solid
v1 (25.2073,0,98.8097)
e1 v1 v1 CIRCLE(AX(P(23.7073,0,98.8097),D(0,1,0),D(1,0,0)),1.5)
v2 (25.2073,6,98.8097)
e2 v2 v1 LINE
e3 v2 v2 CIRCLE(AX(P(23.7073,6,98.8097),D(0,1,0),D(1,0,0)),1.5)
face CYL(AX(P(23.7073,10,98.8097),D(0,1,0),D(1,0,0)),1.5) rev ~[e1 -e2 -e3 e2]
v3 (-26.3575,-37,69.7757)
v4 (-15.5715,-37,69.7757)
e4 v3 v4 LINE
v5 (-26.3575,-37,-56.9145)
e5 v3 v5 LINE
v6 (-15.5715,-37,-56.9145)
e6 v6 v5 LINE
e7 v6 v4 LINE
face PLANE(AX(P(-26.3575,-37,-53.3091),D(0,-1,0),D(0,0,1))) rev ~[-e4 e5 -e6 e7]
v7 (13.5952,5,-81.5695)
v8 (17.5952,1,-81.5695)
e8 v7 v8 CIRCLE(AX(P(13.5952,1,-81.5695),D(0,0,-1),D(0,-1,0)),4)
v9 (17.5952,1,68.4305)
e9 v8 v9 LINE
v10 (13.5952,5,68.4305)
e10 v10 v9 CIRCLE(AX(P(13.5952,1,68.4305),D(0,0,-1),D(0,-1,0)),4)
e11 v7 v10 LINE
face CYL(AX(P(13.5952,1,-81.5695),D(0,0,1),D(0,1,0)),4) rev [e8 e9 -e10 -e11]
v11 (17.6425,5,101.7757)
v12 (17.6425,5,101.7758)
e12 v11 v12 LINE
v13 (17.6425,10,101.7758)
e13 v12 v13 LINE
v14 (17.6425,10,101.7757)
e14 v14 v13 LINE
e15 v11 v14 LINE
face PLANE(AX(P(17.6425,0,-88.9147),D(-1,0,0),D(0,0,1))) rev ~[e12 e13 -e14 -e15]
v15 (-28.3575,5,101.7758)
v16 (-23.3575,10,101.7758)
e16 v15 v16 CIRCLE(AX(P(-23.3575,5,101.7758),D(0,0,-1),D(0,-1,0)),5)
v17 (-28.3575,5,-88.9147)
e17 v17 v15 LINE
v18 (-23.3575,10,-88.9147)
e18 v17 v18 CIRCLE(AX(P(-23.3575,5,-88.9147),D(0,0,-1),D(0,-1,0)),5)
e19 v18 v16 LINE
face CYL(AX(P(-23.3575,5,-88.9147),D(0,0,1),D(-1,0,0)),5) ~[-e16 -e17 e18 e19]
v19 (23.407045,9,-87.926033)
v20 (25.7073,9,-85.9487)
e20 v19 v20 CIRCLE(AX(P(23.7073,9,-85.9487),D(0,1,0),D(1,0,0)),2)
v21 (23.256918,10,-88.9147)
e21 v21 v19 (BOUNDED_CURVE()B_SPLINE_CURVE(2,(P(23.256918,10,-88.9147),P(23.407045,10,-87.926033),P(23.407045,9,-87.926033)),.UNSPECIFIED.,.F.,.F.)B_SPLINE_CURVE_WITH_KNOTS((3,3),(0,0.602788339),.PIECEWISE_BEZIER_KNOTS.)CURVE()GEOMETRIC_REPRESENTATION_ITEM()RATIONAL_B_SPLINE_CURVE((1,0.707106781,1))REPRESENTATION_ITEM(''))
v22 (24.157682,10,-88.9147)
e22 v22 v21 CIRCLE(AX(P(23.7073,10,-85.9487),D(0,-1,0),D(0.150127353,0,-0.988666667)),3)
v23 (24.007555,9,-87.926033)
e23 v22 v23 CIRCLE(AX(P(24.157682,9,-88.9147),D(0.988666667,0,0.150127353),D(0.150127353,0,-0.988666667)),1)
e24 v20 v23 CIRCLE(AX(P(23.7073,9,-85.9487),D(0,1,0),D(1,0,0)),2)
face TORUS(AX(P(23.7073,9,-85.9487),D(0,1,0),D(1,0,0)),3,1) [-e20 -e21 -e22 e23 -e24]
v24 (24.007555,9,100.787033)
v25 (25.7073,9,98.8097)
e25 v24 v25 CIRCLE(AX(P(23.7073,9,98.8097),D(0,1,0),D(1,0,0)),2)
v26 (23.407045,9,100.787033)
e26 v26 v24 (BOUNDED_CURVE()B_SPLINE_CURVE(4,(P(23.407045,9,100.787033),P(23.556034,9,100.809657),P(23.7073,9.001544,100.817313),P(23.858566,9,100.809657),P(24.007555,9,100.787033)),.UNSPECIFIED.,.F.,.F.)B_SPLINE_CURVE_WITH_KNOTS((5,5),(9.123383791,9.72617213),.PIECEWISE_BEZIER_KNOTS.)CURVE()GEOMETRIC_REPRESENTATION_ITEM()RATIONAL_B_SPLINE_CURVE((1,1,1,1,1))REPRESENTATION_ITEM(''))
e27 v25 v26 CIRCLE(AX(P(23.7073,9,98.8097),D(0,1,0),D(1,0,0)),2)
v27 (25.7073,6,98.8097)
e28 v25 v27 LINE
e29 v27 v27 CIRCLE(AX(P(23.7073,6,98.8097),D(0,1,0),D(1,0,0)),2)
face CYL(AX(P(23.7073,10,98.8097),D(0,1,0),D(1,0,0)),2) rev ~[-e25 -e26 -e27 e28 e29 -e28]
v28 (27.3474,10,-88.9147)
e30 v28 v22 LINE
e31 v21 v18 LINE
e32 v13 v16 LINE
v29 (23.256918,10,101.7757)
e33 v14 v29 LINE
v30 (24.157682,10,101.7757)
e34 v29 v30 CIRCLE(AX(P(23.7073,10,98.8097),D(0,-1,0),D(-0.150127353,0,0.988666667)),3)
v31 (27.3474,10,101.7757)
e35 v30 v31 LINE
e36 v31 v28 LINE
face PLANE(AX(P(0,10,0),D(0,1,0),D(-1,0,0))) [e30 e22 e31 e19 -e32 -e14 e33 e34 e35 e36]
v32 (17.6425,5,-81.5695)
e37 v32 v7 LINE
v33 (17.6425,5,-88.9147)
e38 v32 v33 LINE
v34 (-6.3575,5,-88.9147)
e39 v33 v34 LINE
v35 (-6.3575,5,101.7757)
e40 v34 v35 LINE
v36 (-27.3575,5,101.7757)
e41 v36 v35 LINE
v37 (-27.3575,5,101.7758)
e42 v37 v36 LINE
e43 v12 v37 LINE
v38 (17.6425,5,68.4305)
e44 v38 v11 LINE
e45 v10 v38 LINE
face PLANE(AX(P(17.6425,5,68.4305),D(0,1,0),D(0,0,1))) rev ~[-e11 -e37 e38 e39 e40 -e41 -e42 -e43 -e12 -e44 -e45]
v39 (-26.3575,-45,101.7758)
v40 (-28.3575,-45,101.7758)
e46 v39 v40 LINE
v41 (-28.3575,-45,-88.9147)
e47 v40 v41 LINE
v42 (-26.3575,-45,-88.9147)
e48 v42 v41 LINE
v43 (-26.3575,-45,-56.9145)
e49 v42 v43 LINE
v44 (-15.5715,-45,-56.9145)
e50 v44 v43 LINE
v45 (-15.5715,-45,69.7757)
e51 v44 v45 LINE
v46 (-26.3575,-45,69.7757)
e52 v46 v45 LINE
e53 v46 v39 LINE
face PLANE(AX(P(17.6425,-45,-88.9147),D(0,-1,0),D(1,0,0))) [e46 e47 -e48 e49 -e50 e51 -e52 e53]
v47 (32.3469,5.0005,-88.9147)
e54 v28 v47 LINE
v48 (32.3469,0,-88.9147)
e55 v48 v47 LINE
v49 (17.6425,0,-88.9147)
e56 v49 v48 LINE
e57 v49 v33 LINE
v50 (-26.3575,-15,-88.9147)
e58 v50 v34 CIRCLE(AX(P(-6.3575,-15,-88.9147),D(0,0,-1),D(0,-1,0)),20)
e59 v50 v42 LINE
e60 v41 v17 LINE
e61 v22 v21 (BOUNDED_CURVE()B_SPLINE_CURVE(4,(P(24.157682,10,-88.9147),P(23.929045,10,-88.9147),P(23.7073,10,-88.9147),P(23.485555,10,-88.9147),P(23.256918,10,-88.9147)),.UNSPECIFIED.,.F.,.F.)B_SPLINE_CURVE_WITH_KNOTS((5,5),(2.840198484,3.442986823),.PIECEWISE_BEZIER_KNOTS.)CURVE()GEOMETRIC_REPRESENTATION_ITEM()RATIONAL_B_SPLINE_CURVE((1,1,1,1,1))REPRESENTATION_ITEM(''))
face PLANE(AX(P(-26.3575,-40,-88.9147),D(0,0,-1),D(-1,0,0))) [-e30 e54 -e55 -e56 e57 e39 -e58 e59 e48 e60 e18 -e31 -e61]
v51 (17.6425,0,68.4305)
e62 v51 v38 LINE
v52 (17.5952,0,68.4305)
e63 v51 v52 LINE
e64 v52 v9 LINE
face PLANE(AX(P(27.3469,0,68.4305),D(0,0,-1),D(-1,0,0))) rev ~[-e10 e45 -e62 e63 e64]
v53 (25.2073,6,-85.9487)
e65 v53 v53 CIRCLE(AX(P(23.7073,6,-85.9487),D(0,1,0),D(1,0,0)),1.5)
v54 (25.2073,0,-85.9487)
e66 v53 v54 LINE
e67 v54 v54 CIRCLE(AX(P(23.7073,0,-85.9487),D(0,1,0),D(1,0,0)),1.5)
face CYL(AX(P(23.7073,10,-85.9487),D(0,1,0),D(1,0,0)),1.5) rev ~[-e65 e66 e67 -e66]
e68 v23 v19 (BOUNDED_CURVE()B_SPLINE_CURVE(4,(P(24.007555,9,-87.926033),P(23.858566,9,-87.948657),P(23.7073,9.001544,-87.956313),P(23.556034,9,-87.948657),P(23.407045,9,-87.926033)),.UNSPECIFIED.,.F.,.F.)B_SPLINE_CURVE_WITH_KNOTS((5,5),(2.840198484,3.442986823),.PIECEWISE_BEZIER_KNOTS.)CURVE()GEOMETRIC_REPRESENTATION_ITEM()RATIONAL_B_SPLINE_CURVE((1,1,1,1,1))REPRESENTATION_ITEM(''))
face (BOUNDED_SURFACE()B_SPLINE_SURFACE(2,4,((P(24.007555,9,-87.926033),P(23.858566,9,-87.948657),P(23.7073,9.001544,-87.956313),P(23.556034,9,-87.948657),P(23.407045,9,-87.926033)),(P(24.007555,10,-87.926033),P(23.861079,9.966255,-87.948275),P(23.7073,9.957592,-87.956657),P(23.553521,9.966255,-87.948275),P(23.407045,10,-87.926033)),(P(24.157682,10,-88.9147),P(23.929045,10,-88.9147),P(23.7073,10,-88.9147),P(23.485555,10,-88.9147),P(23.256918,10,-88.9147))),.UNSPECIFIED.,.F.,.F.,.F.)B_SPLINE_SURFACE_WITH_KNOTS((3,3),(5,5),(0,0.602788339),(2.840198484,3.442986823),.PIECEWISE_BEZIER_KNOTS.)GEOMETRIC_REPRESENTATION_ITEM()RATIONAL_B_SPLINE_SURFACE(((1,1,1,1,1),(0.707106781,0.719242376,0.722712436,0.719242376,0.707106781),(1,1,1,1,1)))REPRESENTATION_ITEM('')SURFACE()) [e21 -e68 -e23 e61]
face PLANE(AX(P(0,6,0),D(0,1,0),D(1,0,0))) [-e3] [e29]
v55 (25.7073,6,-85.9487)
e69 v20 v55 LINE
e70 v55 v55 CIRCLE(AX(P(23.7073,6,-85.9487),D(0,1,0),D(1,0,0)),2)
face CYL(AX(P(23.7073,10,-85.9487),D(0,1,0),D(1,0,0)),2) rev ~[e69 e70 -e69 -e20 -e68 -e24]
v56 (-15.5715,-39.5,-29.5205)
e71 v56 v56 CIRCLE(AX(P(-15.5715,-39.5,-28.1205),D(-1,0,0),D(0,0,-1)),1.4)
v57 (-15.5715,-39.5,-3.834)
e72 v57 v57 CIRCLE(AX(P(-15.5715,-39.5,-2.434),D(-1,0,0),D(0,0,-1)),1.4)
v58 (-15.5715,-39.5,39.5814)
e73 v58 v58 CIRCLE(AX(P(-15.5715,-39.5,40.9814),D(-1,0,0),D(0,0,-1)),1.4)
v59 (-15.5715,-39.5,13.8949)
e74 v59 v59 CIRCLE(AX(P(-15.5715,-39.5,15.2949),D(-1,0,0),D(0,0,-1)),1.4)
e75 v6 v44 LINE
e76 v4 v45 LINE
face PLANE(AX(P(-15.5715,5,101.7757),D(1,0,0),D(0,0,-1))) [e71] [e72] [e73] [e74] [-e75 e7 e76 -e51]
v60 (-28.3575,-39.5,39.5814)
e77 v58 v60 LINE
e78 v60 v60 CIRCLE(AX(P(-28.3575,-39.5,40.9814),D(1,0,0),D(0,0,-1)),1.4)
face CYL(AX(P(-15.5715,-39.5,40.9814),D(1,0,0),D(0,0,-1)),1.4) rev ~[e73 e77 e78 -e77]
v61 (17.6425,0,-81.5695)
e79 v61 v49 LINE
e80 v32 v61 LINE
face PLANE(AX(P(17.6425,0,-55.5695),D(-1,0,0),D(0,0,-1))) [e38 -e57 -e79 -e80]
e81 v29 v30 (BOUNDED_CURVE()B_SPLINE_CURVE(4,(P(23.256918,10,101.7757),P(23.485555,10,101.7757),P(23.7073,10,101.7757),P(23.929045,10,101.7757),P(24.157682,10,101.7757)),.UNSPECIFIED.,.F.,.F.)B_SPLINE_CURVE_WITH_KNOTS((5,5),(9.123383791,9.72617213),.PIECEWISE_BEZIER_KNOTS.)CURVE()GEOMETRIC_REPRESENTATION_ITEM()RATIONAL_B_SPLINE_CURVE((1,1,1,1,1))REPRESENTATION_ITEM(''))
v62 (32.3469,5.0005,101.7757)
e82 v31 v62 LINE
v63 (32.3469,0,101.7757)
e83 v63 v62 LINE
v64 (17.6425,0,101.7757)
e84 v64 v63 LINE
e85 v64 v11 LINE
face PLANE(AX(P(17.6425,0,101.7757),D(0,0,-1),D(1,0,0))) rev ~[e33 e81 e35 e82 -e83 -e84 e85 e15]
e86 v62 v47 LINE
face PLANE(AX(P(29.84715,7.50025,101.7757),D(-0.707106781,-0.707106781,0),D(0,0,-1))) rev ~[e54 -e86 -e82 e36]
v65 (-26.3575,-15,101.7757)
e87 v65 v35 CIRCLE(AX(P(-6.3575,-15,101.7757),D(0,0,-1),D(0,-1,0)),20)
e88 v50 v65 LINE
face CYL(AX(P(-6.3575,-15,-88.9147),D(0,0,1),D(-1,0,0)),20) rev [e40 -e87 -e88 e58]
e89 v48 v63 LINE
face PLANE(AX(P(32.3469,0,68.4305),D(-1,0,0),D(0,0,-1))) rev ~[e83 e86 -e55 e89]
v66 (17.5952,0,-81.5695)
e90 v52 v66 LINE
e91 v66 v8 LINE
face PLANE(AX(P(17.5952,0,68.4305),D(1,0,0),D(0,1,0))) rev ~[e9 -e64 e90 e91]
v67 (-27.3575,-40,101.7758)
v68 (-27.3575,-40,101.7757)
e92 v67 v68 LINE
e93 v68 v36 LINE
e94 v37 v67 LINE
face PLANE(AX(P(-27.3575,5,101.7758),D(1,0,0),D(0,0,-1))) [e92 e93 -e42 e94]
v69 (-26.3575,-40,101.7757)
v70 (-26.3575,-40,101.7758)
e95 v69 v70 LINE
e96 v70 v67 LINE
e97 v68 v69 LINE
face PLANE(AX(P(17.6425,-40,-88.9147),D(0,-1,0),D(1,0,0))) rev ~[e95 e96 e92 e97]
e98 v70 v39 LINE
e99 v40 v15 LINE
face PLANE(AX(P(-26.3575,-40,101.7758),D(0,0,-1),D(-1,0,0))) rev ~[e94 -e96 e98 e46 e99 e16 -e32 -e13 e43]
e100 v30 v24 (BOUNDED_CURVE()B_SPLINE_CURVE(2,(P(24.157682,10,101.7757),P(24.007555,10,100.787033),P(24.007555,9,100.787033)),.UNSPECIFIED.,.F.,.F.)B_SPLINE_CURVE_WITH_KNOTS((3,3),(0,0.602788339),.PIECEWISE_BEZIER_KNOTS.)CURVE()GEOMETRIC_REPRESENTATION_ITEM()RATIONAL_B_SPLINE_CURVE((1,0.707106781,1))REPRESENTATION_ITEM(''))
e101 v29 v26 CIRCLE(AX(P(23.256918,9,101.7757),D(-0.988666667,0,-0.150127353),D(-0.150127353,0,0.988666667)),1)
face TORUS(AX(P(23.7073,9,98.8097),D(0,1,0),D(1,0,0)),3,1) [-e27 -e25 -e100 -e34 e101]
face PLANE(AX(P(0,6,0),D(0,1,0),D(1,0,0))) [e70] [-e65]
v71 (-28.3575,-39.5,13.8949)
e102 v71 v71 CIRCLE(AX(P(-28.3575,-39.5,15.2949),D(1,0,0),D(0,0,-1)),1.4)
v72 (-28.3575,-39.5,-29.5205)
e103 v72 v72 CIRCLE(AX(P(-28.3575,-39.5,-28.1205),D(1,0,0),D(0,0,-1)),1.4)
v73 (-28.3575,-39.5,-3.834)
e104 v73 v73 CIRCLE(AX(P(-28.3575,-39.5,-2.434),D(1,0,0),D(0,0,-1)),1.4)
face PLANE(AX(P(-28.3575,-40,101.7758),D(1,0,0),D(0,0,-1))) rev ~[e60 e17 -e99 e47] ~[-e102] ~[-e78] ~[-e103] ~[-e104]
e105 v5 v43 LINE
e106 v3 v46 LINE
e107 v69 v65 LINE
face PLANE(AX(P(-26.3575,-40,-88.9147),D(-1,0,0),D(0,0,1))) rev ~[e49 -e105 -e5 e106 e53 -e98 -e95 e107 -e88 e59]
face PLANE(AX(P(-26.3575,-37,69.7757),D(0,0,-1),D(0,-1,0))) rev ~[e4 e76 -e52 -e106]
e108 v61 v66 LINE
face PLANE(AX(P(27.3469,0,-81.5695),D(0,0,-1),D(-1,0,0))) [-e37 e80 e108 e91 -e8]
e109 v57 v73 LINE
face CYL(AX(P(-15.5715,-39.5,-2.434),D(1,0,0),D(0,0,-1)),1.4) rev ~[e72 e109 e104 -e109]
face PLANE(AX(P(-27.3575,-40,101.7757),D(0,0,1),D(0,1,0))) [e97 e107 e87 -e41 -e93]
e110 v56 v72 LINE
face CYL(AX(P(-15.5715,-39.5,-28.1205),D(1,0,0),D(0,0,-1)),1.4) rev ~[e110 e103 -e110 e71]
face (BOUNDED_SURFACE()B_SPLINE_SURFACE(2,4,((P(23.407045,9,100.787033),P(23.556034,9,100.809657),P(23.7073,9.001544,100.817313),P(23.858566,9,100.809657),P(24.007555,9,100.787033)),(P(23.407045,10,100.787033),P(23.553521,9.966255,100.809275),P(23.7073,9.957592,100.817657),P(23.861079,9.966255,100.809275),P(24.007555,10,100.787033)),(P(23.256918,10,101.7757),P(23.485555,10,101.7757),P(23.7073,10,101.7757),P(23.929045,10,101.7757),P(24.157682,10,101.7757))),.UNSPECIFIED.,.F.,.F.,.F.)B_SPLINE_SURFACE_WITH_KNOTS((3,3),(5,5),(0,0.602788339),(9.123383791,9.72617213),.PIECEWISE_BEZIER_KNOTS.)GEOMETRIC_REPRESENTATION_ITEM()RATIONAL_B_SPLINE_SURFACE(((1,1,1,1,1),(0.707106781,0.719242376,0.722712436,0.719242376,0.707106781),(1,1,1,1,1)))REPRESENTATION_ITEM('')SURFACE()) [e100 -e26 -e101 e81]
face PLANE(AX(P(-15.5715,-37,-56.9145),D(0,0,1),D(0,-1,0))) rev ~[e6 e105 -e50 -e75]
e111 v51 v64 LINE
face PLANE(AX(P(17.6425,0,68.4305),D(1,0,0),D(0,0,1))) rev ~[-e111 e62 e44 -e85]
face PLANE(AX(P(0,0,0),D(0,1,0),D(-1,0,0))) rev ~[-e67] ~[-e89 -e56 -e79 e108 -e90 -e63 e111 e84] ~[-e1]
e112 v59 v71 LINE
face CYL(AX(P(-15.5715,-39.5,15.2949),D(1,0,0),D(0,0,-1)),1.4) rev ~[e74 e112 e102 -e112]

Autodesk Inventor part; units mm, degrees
ref_plane "YZ Plane" through (0, 0, 0) normal (1, 0, 0) x (0, 1, 0)
ref_plane "XZ Plane" through (0, 0, 0) normal (0, 1, 0) x (-1, 0, 0)
ref_plane "XY Plane" through (0, 0, 0) normal (0, 0, 1) x (1, 0, 0)
sketch "Sketch1" plane through (0, 0, 0) normal (0, 1, 0) x (-1, 0, 0)
  line L0 (-32.3469, 68.4305) -> (-32.3469, -55.5695)
  line L1 (-17.6425, -88.9147) -> (-32.3469, -88.9147)
  line L2 (-32.3469, -88.9147) -> (-32.3469, -55.5695)
  line L3 (-32.3469, -55.5695) -> (-17.6425, -55.5695)
  line L4 (-17.6425, -55.5695) -> (-17.6425, -88.9147)
  line L5 (-27.3469, -55.5695) -> (-27.3469, 68.4305)
  line L6 (-32.3469, -55.5695) -> (-27.3469, -55.5695)
  line L7 (-27.3469, -55.5695) -> (-27.3469, 68.4305)
  line L8 (-27.3469, 68.4305) -> (-32.3469, 68.4305)
  line L9 (-32.3469, 68.4305) -> (-32.3469, -55.5695)
  line L10 (-32.3469, 68.4305) -> (-17.6425, 68.4305)
  line L11 (-17.6425, 68.4305) -> (-17.6425, 101.7757)
  line L12 (-17.6425, 101.7757) -> (-32.3469, 101.7757)
  line L13 (-32.3469, 101.7757) -> (-32.3469, 68.4305)
  point P0 (0, 0)
  point P1 (25.2053, -93.5695)
extrude "Extrusion1" add sketch "Sketch1" along normal blind 10
chamfer "Chamfer1" distance 5 angle 45 1 edges at (32.3469, 10, 6.4305)
sketch "Sketch2" plane through (17.6425, 0, -88.9147) normal (-1, 0, 0) x (0, 0, 1)
  line L0 (0, 0) -> (0, 10) projected
  line L1 (33.3452, 0) -> (33.3452, 10) projected
  line L2 (0, 10) -> (33.3452, 10)
  line L3 (33.3452, 10) -> (33.3452, 5)
  line L4 (33.3452, 5) -> (0, 5)
  line L5 (0, 5) -> (0, 10)
  line L6 (157.3452, 10) -> (190.6905, 10) projected
  line L7 (157.3452, 0) -> (157.3452, 10) projected
  line L8 (190.6905, 10) -> (157.3452, 10)
  line L9 (157.3452, 10) -> (157.3452, 5)
  line L10 (157.3452, 5) -> (190.6905, 5)
  line L11 (190.6905, 5) -> (190.6905, 10)
  point P0 (88.9147, 0)
  dimension "d5" = 5
extrude "Extrusion2" add sketch "Sketch2" along normal blind 46
sketch "Sketch3" plane through (17.6425, 5, -88.9147) normal (0, -1, 0) x (1, 0, 0)
  line L0 (9.7044, 0) -> (-46, 0) projected
  line L1 (9.7044, 33.3452) -> (-46, 33.3452) projected
  line L2 (-46, 0) -> (-44, 0)
  line L3 (-44, 0) -> (-44, 33.3452)
  line L4 (-44, 33.3452) -> (-46, 33.3452)
  line L5 (-46, 33.3452) -> (-46, 0)
  line L6 (9.7044, 190.6905) -> (-46, 190.6905) projected
  line L7 (9.7044, 157.3452) -> (-46, 157.3452) projected
  line L8 (-46, 190.6905) -> (-45, 190.6905)
  line L9 (-45, 190.6905) -> (-45, 157.3452)
  line L10 (-45, 157.3452) -> (-46, 157.3452)
  line L11 (-46, 157.3452) -> (-46, 190.6905)
  point P0 (-17.6425, 88.9147)
  dimension "d8" = 2
extrude "Extrusion3" add sketch "Sketch3" along normal blind 45
sketch "Sketch4" plane through (27.3469, 0, 68.4305) normal (0, 0, -1) x (-1, 0, 0)
  line L0 (0, 10) -> (55.7044, 10) projected
  line L1 (0, 0) -> (9.7517, 0)
  line L2 (9.7517, 0) -> (9.7517, 10)
  line L3 (9.7517, 10) -> (0, 10)
  line L4 (0, 10) -> (0, 0)
  line L5 (9.7517, 5) -> (55.7044, 5)
  line L6 (55.7044, 5) -> (55.7044, 10)
  line L7 (55.7044, 10) -> (9.7517, 10)
  line L8 (9.7517, 10) -> (9.7517, 5)
  line L9 (54.7044, 5) -> (54.7044, -40) projected
  line L10 (55.7044, 5) -> (54.7044, 5)
  line L11 (54.7044, 5) -> (54.7044, -40)
  line L12 (54.7044, -40) -> (55.7044, -40)
  line L13 (55.7044, -40) -> (55.7044, 5)
  point P0 (27.3469, 0)
extrude "Extrusion4" add sketch "Sketch4" along normal blind 150
sketch "Sketch5" plane through (-27.3575, 5, 101.7757) normal (1, 0, 0) x (0, 0, -1)
  line L0 (0, 0) -> (157.3452, 0) projected
  line L1 (190.6905, -45) -> (157.3452, -45) projected
  line L2 (0, 0) -> (157.3452, 0)
  line L3 (157.3452, 0) -> (157.3452, -45)
  line L4 (157.3452, -45) -> (0, -45)
  line L5 (0, -45) -> (0, 0)
  point P0 (101.7757, -5)
extrude "Extrusion5" add sketch "Sketch5" along normal blind 1
sketch "Sketch8" plane through (17.6425, -40, -88.9147) normal (0, -1, 0) x (1, 0, 0)
  line L0 (-44, 0) -> (-44, 190.6905) projected
  line L1 (9.7044, 0) -> (-46, 0) projected
  line L2 (-44, 190.6905) -> (-46, 190.6905)
  line L3 (-46, 190.6905) -> (-46, 0)
  line L4 (-46, 0) -> (-44, 0)
  line L5 (-44, 0) -> (-44, 190.6905)
  point P0 (-17.6425, 88.9147)
extrude "Extrusion8" add sketch "Sketch8" along normal blind 5
sketch "Sketch9" plane through (-26.3575, 5, 101.7757) normal (1, 0, 0) x (0, 0, -1)
  line L0 (0, 0) -> (0, -50) projected
  line L1 (0, -50) -> (32, -50)
  line L2 (0, -50) -> (190.6905, -50) projected
  line L3 (190.6905, -50) -> (158.6905, -50)
  line L4 (32, -50) -> (155.0848, -50)
  line L5 (155.0848, -50) -> (155.0848, -42)
  line L6 (155.0848, -42) -> (32, -42)
  line L7 (32, -42) -> (32, -50)
  point P0 (101.7757, -5)
  dimension "d29" = 32
  dimension "d30" = 32
  dimension "d31" = 8
extrude "Extrusion9" add sketch "Sketch9" along normal blind 10.786
sketch "Sketch10" plane through (-15.5715, 5, 101.7757) normal (1, 0, 0) x (0, 0, -1)
  line L0 (190.6905, 5) -> (0, 5) projected
  line L1 (95.3452, 5) -> (95.3452, -50)
  line L2 (0, -50) -> (190.6905, -50) projected
  circle A0 centre (49.4524, -47.1745) radius 1.5
  circle A1 centre (49.4524, -47.1745) radius 1.5
  circle A2 centre (79.4524, -47.1745) radius 1.5
  circle A3 centre (79.4524, -47.1745) radius 1.5
  circle A4 centre (109.4524, -47.1745) radius 1.5
  circle A5 centre (109.4524, -47.1745) radius 1.5
  circle A6 centre (139.4524, -47.1745) radius 1.5
  circle A7 centre (139.4524, -47.1745) radius 1.5
  line L3 (157.7974, -50) -> (157.7974, -40)
  line L4 (31.1074, -40) -> (31.1074, -50)
  line L5 (31.1074, -40) -> (157.7974, -40)
  line L6 (157.7974, -40) -> (157.7974, -50)
  line L7 (157.7974, -50) -> (31.1074, -50)
  line L8 (31.1074, -50) -> (31.1074, -40)
  line L9 (95.3452, -50) -> (95.3452, -40)
  line L10 (155.0848, -42) -> (32, -42) projected
  line L11 (95.3452, -42) -> (32, -42)
  line L12 (95.3452, -42) -> (158.6902, -42)
  line L13 (158.6902, -42) -> (158.6902, -50)
  line L14 (158.6902, -50) -> (155.0848, -50)
  line L15 (155.0848, -50) -> (155.0848, -42) projected
  line L16 (155.0848, -50) -> (155.0848, -42)
  line L17 (155.0848, -42) -> (158.6902, -42)
  point P0 (101.7757, -5)
  point P1 (155.0848, -50)
  dimension "d34" = 63.345
extrude "Extrusion10" add sketch "Sketch10" against normal blind 10.786 contours L12 L3 L2 L15 | L12 L13 L2 L3
fillet "Fillet1" radius 5 1 edges at (-28.3575, 10, 6.4305)
fillet "Fillet2" radius 20 1 edges at (-26.3575, 5, 6.4305)
fillet "Fillet4" radius 4 1 edges at (17.5953, 5, -6.5695)
sketch "Sketch11" plane through (0, 10, 0) normal (0, 1, 0) x (1, 0, 0)
  circle A0 centre (23.7073, 85.9487) radius 2
  circle A1 centre (23.7073, 85.9487) radius 1.5
  line L0 (32.3469, -101.7757) -> (32.3469, 88.9147) projected
  line L1 (32.3469, -6.4305) -> (-25.9991, -6.4305)
  circle A2 centre (23.7073, -98.8097) radius 2
  circle A3 centre (23.7073, -98.8097) radius 1.5
  point P0 (0, 0)
  dimension "d43" = 4
  dimension "d44" = 3
extrude "Extrusion12" cut sketch "Sketch11" against normal blind 4 contours A0 | A1 | A2 | A3
extrude "Extrusion13" cut sketch "Sketch11" against normal blind 100 contours A1 | A3
fillet "Fillet5" radius 1 1 edges at (21.7073, 10, -85.9487)
fillet "Fillet6" radius 1 1 edges at (21.7073, 10, 98.8097)
sketch "Sketch12" plane through (-15.5715, 5, 101.7757) normal (1, 0, 0) x (0, 0, -1)
  line L0 (33.3452, -5) -> (157.3452, -5)
  line L1 (95.3452, -5) -> (95.3452, -50)
  line L2 (94.0723, -38) -> (94.0723, -50)
  line L3 (33.5543, -44.5) -> (157.1905, -44.5)
  circle A0 centre (104.2097, -44.5) radius 1.4
  circle A1 centre (129.8962, -44.5) radius 1.4
  circle A2 centre (86.4808, -44.5) radius 1.4
  circle A3 centre (60.7943, -44.5) radius 1.4
  line L4 (32.0002, -40) -> (158.6902, -40)
  line L5 (158.6902, -50) -> (158.6902, -40)
  line L6 (32.0002, -40) -> (158.6902, -40)
  line L7 (158.6902, -40) -> (158.6902, -50)
  line L8 (158.6902, -50) -> (32.0002, -50)
  line L9 (32.0002, -50) -> (32.0002, -40)
  point P0 (101.7757, -5)
  point P1 (13.9577, -136.3434)
  dimension "d52" = 2.8
  dimension "d53" = 2.8
extrude "Extrusion14" cut sketch "Sketch12" against normal blind 100 contours A1 L3 | L3 A1 | A0 L3 | L3 A0 | A3 L3 | L3 A3 | A2 L3 | L3 A2
properties part number "bumper belakang"
